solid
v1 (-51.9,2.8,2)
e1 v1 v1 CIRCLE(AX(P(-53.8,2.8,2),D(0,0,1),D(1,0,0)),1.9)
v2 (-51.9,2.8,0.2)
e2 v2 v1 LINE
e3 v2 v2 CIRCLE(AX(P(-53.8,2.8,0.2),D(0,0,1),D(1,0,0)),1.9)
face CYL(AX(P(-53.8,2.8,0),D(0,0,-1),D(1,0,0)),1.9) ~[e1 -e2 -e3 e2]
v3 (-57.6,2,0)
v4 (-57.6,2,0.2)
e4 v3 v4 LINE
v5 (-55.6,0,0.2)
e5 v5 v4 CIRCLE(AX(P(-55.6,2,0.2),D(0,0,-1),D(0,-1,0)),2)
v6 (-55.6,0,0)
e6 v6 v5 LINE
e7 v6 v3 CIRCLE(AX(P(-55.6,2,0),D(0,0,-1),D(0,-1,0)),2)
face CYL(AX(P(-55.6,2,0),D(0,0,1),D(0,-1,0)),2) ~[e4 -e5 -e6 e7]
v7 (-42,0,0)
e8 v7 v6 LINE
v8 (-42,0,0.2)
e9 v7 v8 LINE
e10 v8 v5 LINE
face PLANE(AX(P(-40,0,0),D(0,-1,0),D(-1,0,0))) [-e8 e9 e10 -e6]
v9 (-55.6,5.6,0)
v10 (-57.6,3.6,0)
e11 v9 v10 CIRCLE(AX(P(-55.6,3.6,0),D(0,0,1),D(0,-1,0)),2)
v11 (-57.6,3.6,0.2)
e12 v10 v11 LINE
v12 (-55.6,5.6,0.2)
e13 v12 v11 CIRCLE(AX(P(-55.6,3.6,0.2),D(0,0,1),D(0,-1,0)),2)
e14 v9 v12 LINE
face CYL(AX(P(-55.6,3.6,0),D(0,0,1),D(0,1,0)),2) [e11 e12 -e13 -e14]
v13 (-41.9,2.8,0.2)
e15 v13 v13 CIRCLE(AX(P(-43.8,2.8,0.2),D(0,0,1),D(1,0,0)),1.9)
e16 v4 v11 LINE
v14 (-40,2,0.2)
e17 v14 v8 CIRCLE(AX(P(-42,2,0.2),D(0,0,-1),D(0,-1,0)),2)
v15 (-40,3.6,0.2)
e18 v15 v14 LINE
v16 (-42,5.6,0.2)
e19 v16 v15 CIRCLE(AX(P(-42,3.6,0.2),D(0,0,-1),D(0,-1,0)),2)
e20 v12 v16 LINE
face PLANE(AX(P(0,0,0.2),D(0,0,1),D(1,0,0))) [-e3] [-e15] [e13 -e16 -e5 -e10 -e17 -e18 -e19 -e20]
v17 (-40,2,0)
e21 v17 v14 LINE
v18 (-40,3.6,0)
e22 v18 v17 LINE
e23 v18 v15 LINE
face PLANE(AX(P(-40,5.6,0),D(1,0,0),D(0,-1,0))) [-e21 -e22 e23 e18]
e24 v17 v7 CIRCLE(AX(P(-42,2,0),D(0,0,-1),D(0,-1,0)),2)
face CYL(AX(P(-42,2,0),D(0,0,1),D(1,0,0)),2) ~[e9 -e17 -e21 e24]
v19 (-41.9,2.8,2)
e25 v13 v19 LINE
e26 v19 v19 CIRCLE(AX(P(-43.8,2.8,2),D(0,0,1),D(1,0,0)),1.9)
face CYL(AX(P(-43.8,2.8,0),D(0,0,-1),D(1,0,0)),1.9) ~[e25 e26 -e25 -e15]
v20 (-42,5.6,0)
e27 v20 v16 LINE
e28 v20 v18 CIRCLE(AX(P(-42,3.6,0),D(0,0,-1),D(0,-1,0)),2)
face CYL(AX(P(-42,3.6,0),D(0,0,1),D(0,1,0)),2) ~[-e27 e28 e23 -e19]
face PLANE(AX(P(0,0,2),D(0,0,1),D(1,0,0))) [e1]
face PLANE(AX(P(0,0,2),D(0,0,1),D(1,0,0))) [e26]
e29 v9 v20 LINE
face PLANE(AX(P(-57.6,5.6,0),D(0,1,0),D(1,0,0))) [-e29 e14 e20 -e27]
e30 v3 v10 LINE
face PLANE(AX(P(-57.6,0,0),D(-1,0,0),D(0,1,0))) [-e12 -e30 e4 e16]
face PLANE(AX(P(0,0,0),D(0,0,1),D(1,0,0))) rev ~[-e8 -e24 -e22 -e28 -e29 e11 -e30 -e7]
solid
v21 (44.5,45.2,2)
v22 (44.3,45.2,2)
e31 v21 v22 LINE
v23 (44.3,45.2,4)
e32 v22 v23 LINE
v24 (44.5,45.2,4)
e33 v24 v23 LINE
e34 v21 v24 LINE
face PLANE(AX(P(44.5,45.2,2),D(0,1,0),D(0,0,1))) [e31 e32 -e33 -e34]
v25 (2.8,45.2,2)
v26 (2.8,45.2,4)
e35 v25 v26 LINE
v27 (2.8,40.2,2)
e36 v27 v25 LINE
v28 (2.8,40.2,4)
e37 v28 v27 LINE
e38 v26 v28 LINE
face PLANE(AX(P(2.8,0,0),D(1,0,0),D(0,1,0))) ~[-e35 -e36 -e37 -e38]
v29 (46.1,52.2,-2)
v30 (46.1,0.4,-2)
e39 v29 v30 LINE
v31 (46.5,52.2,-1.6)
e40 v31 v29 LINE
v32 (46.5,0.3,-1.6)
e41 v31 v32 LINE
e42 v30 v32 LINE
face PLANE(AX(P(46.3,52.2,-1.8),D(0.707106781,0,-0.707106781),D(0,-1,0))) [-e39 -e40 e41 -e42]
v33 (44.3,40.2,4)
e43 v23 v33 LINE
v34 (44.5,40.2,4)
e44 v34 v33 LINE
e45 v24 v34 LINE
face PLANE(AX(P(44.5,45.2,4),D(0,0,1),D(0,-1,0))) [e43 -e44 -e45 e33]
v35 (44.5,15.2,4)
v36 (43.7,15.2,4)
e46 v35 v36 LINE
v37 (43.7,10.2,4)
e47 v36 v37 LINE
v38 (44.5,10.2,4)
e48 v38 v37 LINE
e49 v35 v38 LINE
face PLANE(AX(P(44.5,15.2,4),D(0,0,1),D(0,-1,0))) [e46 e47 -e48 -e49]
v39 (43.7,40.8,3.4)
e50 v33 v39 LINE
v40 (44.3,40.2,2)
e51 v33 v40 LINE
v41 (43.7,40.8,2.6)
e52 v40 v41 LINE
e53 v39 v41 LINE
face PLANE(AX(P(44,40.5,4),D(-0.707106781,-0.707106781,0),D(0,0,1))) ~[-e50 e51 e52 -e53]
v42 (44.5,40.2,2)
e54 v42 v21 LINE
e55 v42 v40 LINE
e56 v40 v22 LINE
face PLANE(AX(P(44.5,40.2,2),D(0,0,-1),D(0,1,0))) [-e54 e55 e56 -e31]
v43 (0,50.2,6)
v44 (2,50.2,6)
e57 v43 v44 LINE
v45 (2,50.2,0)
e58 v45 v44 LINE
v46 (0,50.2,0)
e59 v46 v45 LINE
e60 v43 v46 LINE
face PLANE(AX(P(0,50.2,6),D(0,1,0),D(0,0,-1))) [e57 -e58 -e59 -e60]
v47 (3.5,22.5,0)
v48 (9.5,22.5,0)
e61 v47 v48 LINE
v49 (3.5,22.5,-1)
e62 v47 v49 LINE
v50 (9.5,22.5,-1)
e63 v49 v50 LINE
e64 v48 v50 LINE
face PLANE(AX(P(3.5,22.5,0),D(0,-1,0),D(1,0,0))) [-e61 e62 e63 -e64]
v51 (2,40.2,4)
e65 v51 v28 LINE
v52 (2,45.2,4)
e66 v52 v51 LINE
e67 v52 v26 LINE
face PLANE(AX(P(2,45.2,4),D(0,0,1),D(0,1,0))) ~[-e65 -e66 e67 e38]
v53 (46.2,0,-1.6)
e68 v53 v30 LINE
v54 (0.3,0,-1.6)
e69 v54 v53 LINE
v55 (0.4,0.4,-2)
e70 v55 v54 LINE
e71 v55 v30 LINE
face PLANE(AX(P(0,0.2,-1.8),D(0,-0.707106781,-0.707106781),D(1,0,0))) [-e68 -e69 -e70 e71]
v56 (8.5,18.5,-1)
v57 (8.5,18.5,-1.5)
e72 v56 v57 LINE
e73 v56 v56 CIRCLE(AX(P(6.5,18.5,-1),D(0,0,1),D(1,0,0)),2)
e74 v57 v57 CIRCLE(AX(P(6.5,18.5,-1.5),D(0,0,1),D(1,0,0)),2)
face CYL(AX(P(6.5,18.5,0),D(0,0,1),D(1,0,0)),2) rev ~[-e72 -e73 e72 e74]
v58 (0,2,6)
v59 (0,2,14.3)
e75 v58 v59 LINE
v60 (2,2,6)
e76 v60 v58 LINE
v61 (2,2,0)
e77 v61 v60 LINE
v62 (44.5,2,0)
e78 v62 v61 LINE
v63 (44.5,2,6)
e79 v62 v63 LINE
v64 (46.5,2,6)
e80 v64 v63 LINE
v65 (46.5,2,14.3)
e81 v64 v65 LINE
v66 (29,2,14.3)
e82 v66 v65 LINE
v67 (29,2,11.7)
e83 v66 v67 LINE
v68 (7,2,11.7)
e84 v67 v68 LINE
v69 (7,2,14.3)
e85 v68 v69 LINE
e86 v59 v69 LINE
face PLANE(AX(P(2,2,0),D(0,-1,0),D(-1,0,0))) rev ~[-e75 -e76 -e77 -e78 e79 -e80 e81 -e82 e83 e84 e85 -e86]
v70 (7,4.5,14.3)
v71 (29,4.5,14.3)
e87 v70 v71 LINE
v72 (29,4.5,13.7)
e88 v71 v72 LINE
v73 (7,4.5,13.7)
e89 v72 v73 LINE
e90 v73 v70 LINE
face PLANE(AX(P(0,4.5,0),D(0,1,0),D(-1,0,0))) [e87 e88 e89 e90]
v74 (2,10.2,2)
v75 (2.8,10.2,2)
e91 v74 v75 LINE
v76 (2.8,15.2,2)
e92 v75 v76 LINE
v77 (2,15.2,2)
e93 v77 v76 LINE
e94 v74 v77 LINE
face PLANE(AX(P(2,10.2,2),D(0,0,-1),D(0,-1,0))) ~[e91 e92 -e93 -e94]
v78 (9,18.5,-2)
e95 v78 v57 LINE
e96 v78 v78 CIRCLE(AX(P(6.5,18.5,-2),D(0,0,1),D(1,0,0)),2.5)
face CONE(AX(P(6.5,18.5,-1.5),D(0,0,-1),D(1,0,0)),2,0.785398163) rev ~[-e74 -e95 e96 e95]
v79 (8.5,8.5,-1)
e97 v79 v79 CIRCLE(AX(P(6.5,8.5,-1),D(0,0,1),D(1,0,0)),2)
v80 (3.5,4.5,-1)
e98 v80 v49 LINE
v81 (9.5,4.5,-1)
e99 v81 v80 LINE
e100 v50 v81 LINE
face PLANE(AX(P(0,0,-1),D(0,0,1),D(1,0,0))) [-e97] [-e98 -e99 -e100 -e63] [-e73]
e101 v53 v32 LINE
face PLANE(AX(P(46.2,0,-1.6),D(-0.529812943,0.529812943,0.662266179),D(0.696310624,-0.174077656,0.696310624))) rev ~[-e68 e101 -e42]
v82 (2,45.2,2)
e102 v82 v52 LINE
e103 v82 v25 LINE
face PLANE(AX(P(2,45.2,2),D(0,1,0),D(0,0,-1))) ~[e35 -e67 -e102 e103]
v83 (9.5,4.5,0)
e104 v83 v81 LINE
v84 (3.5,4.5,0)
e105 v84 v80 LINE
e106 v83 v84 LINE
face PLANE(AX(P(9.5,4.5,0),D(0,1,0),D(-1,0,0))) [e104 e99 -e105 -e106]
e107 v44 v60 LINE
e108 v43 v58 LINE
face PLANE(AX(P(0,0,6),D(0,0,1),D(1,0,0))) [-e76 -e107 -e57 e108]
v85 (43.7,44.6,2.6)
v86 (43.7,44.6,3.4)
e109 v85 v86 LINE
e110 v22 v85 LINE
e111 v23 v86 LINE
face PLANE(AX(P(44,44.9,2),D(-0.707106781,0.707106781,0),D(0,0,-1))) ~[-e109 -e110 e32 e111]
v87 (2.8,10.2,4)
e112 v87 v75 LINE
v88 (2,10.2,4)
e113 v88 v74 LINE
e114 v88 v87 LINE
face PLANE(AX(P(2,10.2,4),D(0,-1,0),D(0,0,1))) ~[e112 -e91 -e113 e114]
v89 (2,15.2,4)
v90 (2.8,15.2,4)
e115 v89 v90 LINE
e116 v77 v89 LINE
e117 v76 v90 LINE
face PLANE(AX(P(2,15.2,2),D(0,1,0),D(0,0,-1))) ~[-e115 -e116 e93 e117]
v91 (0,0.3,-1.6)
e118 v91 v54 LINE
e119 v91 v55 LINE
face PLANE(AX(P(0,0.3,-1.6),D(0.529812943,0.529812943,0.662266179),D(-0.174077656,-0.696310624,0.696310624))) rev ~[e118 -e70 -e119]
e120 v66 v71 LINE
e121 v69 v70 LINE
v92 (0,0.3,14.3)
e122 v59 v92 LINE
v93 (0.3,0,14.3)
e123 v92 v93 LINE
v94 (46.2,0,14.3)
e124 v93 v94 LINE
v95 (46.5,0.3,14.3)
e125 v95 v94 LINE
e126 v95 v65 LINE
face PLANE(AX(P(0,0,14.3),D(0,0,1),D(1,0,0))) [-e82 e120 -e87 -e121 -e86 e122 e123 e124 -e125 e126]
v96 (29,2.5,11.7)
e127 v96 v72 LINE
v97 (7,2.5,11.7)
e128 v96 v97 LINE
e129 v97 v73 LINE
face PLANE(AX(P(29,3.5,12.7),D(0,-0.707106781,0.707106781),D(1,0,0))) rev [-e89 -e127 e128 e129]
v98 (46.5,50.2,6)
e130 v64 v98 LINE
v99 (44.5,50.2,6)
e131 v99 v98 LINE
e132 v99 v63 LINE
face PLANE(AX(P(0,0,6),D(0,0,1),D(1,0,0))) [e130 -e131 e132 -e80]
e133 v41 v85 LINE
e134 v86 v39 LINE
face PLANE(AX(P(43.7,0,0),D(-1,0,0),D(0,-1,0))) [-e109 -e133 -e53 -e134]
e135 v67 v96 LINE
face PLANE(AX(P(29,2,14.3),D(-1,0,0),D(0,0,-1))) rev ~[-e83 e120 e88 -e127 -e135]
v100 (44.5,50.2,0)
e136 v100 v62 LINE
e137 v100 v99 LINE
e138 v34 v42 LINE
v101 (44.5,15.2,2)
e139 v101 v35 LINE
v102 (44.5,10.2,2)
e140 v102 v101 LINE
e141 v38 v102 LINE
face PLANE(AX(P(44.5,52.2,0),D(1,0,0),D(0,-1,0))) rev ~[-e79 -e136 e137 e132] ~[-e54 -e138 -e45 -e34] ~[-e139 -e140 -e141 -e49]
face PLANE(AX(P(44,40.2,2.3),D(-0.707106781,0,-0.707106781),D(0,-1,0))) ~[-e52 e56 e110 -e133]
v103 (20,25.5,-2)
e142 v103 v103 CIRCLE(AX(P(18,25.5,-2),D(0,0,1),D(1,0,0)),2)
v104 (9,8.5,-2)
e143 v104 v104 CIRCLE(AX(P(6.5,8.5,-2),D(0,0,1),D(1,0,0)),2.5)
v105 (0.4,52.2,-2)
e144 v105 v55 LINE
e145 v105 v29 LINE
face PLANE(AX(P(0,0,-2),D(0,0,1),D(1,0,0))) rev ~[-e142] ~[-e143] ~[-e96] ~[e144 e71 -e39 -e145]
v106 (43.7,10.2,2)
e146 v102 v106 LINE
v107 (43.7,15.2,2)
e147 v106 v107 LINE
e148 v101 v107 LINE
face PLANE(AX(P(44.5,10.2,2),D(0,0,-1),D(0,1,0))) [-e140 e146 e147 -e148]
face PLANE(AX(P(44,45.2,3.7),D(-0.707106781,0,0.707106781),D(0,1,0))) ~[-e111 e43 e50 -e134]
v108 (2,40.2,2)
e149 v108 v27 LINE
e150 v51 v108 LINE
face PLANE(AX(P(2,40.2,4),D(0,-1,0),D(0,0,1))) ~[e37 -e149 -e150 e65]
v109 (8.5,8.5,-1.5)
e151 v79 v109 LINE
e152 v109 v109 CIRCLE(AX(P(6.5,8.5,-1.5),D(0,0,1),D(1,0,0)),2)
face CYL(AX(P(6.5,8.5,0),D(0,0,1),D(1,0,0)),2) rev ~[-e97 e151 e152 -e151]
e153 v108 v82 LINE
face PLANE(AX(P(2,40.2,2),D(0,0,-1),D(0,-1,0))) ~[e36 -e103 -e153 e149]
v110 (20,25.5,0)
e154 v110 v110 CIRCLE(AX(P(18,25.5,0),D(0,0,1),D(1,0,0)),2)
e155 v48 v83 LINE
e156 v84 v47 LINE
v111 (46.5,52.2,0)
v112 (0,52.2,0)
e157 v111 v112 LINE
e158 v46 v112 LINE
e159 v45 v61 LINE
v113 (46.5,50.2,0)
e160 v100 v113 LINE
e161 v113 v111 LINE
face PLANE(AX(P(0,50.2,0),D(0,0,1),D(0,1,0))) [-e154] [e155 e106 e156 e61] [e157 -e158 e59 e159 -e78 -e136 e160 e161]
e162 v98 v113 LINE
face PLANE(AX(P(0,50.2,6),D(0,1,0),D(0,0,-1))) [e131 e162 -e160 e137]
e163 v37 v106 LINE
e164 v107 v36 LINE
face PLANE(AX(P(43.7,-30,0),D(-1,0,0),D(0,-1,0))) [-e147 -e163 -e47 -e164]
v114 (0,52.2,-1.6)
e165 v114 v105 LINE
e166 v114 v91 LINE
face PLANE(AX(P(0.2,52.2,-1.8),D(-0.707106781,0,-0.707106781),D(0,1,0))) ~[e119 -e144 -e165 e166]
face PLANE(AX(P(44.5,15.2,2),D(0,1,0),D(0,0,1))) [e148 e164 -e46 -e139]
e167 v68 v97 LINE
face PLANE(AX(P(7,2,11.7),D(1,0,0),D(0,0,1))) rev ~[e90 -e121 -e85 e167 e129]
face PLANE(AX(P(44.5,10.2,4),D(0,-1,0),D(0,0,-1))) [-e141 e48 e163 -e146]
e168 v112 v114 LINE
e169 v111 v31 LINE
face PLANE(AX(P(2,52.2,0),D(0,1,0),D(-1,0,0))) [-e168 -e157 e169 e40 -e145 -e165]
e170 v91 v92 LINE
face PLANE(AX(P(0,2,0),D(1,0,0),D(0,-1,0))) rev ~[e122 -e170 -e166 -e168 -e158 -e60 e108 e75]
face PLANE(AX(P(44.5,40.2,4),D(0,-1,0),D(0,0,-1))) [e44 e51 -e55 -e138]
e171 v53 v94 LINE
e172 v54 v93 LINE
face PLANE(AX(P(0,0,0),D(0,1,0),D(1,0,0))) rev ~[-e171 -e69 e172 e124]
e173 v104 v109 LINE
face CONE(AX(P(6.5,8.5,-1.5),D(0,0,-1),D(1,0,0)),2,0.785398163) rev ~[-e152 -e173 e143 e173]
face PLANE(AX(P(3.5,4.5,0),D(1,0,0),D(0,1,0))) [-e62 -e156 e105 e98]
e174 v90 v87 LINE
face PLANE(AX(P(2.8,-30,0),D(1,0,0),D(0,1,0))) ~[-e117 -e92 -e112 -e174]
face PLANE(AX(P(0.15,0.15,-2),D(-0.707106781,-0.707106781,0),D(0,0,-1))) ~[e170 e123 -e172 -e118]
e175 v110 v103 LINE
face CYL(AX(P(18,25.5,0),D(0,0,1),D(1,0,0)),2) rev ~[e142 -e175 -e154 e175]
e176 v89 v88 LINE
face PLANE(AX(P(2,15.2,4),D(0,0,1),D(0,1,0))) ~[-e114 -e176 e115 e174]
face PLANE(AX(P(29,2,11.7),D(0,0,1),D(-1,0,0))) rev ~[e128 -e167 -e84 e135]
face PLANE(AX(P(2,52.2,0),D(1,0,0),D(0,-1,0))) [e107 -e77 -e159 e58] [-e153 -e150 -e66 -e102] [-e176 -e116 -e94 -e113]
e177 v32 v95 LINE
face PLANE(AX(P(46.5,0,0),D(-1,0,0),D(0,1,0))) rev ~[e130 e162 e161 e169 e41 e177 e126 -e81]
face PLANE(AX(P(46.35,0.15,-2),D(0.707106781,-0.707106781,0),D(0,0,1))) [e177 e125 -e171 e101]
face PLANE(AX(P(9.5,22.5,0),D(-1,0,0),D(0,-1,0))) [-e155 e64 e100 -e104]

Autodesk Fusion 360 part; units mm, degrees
sketch "Sketch1" plane through (0, 0, 0) normal (0, 0, 1) x (1, 0, 0)
  line L0 (0, 0) -> (46.5, 0)
  line L1 (46.5, 0) -> (46.5, 52.2)
  line L2 (46.5, 52.2) -> (0, 52.2)
  line L3 (0, 52.2) -> (0, 0)
  line L4 (46.5, 2) -> (0, 2)
  line L5 (44.5, 52.2) -> (44.5, 2)
  line L6 (2, 52.2) -> (2, 2)
  circle A0 centre (6.5, 8.5) radius 2
  circle A1 centre (6.5, 18.5) radius 2
  line L7 (3.5, 22.5) -> (9.5, 22.5)
  line L8 (9.5, 22.5) -> (9.5, 4.5)
  line L9 (9.5, 4.5) -> (3.5, 4.5)
  line L10 (3.5, 4.5) -> (3.5, 22.5)
  circle A2 centre (18, 25.5) radius 2
  dimension "d1" = 46.5
  dimension "d2" = 52.2
  dimension "d3" = 2
  dimension "d4" = 2
  dimension "d5" = 2
  dimension "d55" = 6.5
  dimension "d56" = 6.5
  dimension "d57" = 4
  dimension "d58" = 4
  dimension "d59" = 6.5
  dimension "d60" = 10
  dimension "d61" = 4
  dimension "d62" = 4
  dimension "d63" = 3
  dimension "d64" = 3
  dimension "d70" = 23.5
  dimension "d72" = 18
  dimension "d73" = 4
extrude "Extrude1" add sketch "Sketch1" against normal blind 2 contours L0 L1 L3 L4 | L2 L3 L4 L6 | L1 L2 L4 L5 | L2 L4 L5 L6 | A0 | A1 | L7 L8 L9 L10 | A2 makes body 1
extrude "Extrude2" add sketch "Sketch1" along normal blind 6 contours L2 L3 L4 L6 | L1 L2 L4 L5 bodies 1
extrude "Extrude3" add sketch "Sketch1" along normal blind 14.3 contours L0 L1 L3 L4 bodies 1
sketch "Sketch2" plane through (0, 0, 0) normal (-1, 0, 0) x (0, -1, 0)
  line L0 (-52.2, 6) -> (-52.2, -2)
  line L1 (-52.2, -2) -> (0, -2)
  line L2 (0, -2) -> (0, 14.3)
  line L3 (0, 14.3) -> (-2, 14.3)
  line L4 (-2, 14.3) -> (-2, 6)
  line L5 (-2, 6) -> (-52.2, 6)
  line L6 (-52.2, 6) -> (-50.2, 6)
  line L7 (-50.2, 6) -> (-50.2, 0)
  line L8 (-50.2, 0) -> (-52.2, 0)
  line L9 (-52.2, 0) -> (-52.2, 6)
  line L10 (-52.2, 0) -> (0, 0)
  dimension "d12" = 2
extrude "Extrude4" cut sketch "Sketch2" against normal up to surface (46.5 mm away) contours L0 L5 L6 L7 L8 L9 L10 bodies 1
sketch "Sketch3" plane through (44.5, 0, 0) normal (-1, 0, 0) x (0, -1, 0)
  line L0 (-50.2, 6) -> (-50.2, 0)
  line L1 (-50.2, 0) -> (-2, 0)
  line L2 (-2, 0) -> (-2, 6)
  line L3 (-2, 6) -> (-50.2, 6)
  line L4 (-45.2, 4) -> (-40.2, 4)
  line L5 (-40.2, 4) -> (-40.2, 2)
  line L6 (-40.2, 2) -> (-45.2, 2)
  line L7 (-45.2, 2) -> (-45.2, 4)
  dimension "d15" = 2
  dimension "d16" = 5
  dimension "d17" = 2
  dimension "d18" = 5
extrude "Extrude5" add sketch "Sketch3" along normal blind 0.8 contours L4 L5 L6 L7 bodies 1
pattern_linear "R-Pattern1" count 2 spacing 30 along (0, -1, 0) of "Extrude5"
ref_plane "WorkPlane1" through (23.25, 27.1, 3) normal (-1, 0, 0) x (0, -1, 0)
mirror "Mirror1" about plane through (23.25, 27.1, 3) normal (-1, 0, 0) of "Extrude5", "R-Pattern1"
chamfer "Chamfer1" distance 0.6 angle 45 4 faces at (43.7, 43.5333, 3.3333) (43.7, 43.5333, 3.3333) (43.7, 43.5333, 3.3333) (43.7, 43.5333, 3.3333) on bodies 1
sketch "Sketch4" plane through (0, 2, 0) normal (0, 1, 0) x (-1, 0, 0)
  line L0 (-46.5, 6) -> (-44.5, 6)
  line L1 (-44.5, 6) -> (-44.5, 0)
  line L2 (-44.5, 0) -> (-2, 0)
  line L3 (-2, 0) -> (-2, 6)
  line L4 (-2, 6) -> (0, 6)
  line L5 (0, 6) -> (0, 14.3)
  line L6 (0, 14.3) -> (-46.5, 14.3)
  line L7 (-46.5, 14.3) -> (-46.5, 6)
  line L8 (-7, 14.3) -> (-29, 14.3)
  line L9 (-29, 14.3) -> (-29, 11.7)
  line L10 (-29, 11.7) -> (-7, 11.7)
  line L11 (-7, 11.7) -> (-7, 14.3)
  dimension "d28" = 2.6
  dimension "d29" = 22
  dimension "d30" = 7
extrude "Extrude6" add sketch "Sketch4" along normal blind 2.5 contours L6 L8 L9 L10 L11 bodies 1
extrude "Extrude8" cut sketch "Sketch1" against normal through all contours A2 bodies 1
chamfer "Chamfer2" distance 0.4 angle 45 3 edges at (46.5, 26.1, -2) (23.25, 0, -2) (0, 26.1, -2) on bodies 1
chamfer "Chamfer2" distance 0.3 angle 45 2 edges at (46.5, 0, 6.15) (0, 0, 6.15) on bodies 1
chamfer "Chamfer2" distance 2 angle 45 1 edges at (18, 4.5, 11.7) on bodies 1
extrude "Extrude9" cut sketch "Sketch1" against normal blind 1 contours L7 L8 L9 L10 bodies 1
extrude "Extrude10" cut sketch "Sketch1" against normal up to surface (2 mm away) contours A0 | A1 bodies 1
chamfer "Chamfer3" distance 0.5 angle 45 2 edges at (4.6353, 17.7768, -2) (4.6353, 7.7768, -2) on bodies 1
sketch "Sketch5" plane through (0, 0, 0) normal (0, 0, 1) x (1, 0, 0)
  line L0 (-57.6, 5.6) -> (-40, 5.6)
  line L1 (-40, 5.6) -> (-40, 0)
  line L2 (-40, 0) -> (-57.6, 0)
  line L3 (-57.6, 0) -> (-57.6, 5.6)
  line L4 (0, 52.2) -> (0, 0)
  line L5 (0, 0) -> (46.5, 0)
  circle A0 centre (-53.8, 2.8) radius 1.9
  circle A1 centre (-43.8, 2.8) radius 1.9
  dimension "d74" = 17.6
  dimension "d75" = 5.6
  dimension "d76" = 40
  dimension "d77" = 3.8
  dimension "d78" = 3.8
  dimension "d79" = 2.8
  dimension "d80" = 2.8
  dimension "d81" = 10
  dimension "d82" = 3.8
extrude "Extrude11" add sketch "Sketch5" along normal blind 2 separate body contours A0 | A1 makes body 2 at (-51.9024, 2.7053, 1.3333) makes body 3 at (-41.9024, 2.7053, 1.3333)
extrude "Extrude12" add sketch "Sketch5" along normal blind 0.2 bodies 2 3
fillet "Fillet1" radius 2 4 edges at (-57.6, 0, 0.1) (-57.6, 5.6, 0.1) (-40, 5.6, 0.1) (-40, 0, 0.1) on bodies 2
equation "d80 = d79"
